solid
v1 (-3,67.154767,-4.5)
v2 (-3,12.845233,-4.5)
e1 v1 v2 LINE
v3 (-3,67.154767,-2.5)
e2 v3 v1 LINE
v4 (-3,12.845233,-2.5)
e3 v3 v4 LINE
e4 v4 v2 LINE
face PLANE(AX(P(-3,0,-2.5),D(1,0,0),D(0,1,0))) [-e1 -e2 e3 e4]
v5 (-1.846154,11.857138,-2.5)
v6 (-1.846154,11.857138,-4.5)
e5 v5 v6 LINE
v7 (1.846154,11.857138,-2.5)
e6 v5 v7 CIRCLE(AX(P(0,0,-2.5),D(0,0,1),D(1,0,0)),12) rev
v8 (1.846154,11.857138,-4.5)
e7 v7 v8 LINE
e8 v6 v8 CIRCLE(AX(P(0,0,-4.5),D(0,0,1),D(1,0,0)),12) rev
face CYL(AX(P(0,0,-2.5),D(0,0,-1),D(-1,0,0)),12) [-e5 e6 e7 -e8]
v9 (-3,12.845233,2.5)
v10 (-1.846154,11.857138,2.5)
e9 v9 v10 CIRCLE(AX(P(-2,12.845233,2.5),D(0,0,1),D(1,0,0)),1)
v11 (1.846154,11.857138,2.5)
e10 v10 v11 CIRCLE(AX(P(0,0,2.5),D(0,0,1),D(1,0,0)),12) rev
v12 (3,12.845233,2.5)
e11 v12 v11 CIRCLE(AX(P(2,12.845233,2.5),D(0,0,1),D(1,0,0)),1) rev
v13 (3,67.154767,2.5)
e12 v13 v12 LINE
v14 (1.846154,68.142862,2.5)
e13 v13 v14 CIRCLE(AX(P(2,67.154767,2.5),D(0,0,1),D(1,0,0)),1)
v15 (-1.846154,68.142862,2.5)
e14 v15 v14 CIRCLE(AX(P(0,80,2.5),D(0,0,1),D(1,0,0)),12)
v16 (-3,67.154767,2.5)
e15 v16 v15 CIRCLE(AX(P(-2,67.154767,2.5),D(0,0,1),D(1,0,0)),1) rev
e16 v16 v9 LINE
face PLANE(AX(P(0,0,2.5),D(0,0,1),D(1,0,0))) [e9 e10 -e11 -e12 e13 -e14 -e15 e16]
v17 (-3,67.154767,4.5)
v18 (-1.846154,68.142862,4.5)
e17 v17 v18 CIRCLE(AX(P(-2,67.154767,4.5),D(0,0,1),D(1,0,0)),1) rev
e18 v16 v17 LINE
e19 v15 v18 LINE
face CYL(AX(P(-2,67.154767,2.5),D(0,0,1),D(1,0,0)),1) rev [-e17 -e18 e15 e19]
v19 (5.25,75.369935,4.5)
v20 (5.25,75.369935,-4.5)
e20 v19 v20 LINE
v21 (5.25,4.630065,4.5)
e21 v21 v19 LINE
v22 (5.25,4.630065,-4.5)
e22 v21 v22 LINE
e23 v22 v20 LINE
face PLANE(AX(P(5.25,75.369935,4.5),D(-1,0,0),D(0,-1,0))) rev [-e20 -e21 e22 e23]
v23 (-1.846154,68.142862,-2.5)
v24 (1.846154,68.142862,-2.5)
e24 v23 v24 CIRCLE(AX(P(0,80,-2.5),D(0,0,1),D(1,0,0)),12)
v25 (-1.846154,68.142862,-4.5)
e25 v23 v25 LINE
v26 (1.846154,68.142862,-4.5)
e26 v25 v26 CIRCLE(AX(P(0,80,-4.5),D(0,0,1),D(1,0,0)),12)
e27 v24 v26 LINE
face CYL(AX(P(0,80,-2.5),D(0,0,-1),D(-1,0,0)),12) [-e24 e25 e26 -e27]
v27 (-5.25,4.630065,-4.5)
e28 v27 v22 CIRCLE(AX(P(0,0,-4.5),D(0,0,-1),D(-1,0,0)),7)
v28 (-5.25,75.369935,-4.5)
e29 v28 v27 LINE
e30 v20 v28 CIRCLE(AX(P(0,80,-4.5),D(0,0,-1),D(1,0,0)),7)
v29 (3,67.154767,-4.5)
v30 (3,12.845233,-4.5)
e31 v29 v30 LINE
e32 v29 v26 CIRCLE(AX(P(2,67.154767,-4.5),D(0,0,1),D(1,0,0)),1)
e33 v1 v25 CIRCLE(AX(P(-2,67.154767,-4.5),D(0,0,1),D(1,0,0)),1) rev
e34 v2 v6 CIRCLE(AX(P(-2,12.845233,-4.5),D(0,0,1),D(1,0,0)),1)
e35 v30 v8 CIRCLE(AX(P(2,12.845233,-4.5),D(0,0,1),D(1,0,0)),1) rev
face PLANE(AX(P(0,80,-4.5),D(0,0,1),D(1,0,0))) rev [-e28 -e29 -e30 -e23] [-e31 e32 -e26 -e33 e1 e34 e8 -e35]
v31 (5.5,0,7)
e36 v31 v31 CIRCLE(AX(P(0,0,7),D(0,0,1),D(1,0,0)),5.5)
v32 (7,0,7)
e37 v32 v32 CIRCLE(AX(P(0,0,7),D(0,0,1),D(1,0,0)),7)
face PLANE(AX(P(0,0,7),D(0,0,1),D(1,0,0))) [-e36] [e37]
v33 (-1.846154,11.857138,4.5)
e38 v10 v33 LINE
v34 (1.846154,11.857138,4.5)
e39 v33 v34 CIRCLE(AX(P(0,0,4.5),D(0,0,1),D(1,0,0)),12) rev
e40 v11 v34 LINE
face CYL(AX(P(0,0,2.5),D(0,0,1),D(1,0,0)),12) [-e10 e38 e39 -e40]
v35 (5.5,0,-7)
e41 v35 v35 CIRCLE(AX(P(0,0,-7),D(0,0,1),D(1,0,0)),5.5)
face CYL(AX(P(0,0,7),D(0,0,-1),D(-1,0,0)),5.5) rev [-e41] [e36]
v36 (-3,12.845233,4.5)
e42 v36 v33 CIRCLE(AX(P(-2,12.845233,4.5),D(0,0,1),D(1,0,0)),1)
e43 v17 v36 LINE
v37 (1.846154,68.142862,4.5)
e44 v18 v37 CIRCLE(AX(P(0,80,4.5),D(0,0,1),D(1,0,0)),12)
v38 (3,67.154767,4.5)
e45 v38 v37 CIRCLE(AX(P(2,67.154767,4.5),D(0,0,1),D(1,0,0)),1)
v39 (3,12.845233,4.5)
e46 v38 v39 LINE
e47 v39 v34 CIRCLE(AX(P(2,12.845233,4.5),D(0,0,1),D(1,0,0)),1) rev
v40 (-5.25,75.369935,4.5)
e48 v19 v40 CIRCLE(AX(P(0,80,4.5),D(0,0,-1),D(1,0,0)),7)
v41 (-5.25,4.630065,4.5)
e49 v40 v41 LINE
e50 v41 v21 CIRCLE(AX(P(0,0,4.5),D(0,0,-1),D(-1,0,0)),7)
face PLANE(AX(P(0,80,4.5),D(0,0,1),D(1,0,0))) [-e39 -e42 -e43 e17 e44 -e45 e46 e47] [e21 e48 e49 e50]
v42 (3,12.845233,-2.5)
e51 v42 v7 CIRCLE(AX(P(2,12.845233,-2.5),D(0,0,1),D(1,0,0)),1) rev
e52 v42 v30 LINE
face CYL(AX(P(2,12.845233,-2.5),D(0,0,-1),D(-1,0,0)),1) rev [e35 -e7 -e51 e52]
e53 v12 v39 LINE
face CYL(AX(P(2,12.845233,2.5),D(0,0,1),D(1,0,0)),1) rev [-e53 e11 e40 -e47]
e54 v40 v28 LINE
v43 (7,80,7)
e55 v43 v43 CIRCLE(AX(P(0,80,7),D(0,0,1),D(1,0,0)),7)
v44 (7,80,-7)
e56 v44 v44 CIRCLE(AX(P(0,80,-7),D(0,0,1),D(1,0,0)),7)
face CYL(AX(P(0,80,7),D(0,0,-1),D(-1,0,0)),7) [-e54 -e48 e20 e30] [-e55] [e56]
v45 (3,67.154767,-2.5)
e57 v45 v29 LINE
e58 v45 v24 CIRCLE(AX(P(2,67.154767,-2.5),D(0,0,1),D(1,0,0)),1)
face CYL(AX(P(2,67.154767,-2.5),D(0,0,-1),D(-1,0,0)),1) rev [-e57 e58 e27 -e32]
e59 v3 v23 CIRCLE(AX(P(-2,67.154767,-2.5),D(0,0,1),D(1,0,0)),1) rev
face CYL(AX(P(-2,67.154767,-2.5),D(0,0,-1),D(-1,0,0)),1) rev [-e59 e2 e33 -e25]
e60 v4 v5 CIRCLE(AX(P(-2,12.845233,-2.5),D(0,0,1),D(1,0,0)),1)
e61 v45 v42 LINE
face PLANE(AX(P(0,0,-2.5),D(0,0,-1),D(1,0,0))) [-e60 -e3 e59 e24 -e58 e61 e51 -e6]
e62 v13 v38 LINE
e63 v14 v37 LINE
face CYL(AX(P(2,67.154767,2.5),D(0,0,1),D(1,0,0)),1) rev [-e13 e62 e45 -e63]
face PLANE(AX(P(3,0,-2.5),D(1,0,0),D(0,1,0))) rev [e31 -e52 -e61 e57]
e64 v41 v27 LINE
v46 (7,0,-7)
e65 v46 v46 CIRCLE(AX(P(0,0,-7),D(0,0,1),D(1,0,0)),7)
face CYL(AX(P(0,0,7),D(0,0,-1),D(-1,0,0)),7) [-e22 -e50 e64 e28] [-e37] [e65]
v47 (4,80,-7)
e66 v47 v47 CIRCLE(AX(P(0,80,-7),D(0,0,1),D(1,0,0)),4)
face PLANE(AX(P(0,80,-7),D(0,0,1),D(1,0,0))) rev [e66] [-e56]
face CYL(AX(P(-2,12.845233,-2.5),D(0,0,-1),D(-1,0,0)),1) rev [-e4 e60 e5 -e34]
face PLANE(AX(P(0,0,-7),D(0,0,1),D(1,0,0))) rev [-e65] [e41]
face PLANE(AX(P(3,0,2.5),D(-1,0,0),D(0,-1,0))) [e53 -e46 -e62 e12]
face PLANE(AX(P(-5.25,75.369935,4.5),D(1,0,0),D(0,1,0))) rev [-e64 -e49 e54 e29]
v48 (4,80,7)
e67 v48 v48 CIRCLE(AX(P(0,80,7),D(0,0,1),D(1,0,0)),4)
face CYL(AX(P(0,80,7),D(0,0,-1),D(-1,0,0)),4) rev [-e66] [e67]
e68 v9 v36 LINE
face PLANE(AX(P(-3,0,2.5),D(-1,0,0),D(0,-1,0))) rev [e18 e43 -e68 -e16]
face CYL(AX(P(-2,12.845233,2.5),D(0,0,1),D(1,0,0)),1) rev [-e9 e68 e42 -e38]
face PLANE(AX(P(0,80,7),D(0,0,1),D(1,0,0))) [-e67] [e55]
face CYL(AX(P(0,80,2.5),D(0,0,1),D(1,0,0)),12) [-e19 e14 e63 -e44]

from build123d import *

# Parameters (mm, degrees)
SKETCH1_R           = 7
SKETCH1_R_2         = 5.5
BOSS_EXTRUDE1_DEPTH = 7
SKETCH2_R           = 7
SKETCH2_R_2         = 4
BOSS_EXTRUDE2_DEPTH = 7
BOSS_EXTRUDE3_DEPTH = 4.5
CUT_EXTRUDE2_DEPTH  = 2


with BuildPart() as part:
    # Sketch1 → Boss-Extrude1 (new body, symmetric)
    with BuildSketch(Plane.XY):
        Circle(SKETCH1_R)
        Circle(SKETCH1_R_2, mode=Mode.SUBTRACT)
    extrude(amount=BOSS_EXTRUDE1_DEPTH, both=True)



with BuildPart() as body_2:
    # Sketch2 → Boss-Extrude2 (new body, symmetric)
    with BuildSketch(Plane.XY):
        with Locations((0, 80)):
            Circle(SKETCH2_R)
        with Locations((0, 80)):
            Circle(SKETCH2_R_2, mode=Mode.SUBTRACT)
    extrude(amount=BOSS_EXTRUDE2_DEPTH, both=True)


with BuildPart() as part_1:
    add(part.part)

    add(body_2.part)  # Boss-Extrude3 merges body 2
    # Sketch3 → Boss-Extrude3 (add, symmetric)
    with BuildSketch(Plane.XY):
        with BuildLine():
            Line((-5.25, 75.369935206), (-5.25, 4.630064794))
            ThreePointArc((-5.25, 4.630064794), (0, 7), (5.25, 4.630064794))
            Line((5.25, 4.630064794), (5.25, 75.369935206))
            ThreePointArc((5.25, 75.369935206), (0, 73), (-5.25, 75.369935206))
        make_face()
    extrude(amount=BOSS_EXTRUDE3_DEPTH, both=True)

    # Sketch4 → Cut-Extrude2 (cut)
    with BuildSketch(Plane.XY.offset(4.5)):
        with BuildLine():
            ThreePointArc((-3, 67.154767421), (-2.650443636, 67.914321947), (-1.846153846, 68.142862235))
            ThreePointArc((-1.846153846, 68.142862235), (0, 68), (1.846153846, 68.142862235))
            ThreePointArc((1.846153846, 68.142862235), (2.650443636, 67.914321947), (3, 67.154767421))
            Line((3, 67.154767421), (3, 12.845232579))
            ThreePointArc((3, 12.845232579), (2.650443636, 12.085678053), (1.846153846, 11.857137765))
            ThreePointArc((1.846153846, 11.857137765), (0, 12), (-1.846153846, 11.857137765))
            ThreePointArc((-1.846153846, 11.857137765), (-2.650443636, 12.085678053), (-3, 12.845232579))
            Line((-3, 12.845232579), (-3, 67.154767421))
        make_face()
    cut_extrude2 = extrude(amount=-CUT_EXTRUDE2_DEPTH, mode=Mode.SUBTRACT)

    # Mirror1: Cut-Extrude2 across plane
    add(cut_extrude2.mirror(Plane.XY), mode=Mode.SUBTRACT)


solid = part_1.part
